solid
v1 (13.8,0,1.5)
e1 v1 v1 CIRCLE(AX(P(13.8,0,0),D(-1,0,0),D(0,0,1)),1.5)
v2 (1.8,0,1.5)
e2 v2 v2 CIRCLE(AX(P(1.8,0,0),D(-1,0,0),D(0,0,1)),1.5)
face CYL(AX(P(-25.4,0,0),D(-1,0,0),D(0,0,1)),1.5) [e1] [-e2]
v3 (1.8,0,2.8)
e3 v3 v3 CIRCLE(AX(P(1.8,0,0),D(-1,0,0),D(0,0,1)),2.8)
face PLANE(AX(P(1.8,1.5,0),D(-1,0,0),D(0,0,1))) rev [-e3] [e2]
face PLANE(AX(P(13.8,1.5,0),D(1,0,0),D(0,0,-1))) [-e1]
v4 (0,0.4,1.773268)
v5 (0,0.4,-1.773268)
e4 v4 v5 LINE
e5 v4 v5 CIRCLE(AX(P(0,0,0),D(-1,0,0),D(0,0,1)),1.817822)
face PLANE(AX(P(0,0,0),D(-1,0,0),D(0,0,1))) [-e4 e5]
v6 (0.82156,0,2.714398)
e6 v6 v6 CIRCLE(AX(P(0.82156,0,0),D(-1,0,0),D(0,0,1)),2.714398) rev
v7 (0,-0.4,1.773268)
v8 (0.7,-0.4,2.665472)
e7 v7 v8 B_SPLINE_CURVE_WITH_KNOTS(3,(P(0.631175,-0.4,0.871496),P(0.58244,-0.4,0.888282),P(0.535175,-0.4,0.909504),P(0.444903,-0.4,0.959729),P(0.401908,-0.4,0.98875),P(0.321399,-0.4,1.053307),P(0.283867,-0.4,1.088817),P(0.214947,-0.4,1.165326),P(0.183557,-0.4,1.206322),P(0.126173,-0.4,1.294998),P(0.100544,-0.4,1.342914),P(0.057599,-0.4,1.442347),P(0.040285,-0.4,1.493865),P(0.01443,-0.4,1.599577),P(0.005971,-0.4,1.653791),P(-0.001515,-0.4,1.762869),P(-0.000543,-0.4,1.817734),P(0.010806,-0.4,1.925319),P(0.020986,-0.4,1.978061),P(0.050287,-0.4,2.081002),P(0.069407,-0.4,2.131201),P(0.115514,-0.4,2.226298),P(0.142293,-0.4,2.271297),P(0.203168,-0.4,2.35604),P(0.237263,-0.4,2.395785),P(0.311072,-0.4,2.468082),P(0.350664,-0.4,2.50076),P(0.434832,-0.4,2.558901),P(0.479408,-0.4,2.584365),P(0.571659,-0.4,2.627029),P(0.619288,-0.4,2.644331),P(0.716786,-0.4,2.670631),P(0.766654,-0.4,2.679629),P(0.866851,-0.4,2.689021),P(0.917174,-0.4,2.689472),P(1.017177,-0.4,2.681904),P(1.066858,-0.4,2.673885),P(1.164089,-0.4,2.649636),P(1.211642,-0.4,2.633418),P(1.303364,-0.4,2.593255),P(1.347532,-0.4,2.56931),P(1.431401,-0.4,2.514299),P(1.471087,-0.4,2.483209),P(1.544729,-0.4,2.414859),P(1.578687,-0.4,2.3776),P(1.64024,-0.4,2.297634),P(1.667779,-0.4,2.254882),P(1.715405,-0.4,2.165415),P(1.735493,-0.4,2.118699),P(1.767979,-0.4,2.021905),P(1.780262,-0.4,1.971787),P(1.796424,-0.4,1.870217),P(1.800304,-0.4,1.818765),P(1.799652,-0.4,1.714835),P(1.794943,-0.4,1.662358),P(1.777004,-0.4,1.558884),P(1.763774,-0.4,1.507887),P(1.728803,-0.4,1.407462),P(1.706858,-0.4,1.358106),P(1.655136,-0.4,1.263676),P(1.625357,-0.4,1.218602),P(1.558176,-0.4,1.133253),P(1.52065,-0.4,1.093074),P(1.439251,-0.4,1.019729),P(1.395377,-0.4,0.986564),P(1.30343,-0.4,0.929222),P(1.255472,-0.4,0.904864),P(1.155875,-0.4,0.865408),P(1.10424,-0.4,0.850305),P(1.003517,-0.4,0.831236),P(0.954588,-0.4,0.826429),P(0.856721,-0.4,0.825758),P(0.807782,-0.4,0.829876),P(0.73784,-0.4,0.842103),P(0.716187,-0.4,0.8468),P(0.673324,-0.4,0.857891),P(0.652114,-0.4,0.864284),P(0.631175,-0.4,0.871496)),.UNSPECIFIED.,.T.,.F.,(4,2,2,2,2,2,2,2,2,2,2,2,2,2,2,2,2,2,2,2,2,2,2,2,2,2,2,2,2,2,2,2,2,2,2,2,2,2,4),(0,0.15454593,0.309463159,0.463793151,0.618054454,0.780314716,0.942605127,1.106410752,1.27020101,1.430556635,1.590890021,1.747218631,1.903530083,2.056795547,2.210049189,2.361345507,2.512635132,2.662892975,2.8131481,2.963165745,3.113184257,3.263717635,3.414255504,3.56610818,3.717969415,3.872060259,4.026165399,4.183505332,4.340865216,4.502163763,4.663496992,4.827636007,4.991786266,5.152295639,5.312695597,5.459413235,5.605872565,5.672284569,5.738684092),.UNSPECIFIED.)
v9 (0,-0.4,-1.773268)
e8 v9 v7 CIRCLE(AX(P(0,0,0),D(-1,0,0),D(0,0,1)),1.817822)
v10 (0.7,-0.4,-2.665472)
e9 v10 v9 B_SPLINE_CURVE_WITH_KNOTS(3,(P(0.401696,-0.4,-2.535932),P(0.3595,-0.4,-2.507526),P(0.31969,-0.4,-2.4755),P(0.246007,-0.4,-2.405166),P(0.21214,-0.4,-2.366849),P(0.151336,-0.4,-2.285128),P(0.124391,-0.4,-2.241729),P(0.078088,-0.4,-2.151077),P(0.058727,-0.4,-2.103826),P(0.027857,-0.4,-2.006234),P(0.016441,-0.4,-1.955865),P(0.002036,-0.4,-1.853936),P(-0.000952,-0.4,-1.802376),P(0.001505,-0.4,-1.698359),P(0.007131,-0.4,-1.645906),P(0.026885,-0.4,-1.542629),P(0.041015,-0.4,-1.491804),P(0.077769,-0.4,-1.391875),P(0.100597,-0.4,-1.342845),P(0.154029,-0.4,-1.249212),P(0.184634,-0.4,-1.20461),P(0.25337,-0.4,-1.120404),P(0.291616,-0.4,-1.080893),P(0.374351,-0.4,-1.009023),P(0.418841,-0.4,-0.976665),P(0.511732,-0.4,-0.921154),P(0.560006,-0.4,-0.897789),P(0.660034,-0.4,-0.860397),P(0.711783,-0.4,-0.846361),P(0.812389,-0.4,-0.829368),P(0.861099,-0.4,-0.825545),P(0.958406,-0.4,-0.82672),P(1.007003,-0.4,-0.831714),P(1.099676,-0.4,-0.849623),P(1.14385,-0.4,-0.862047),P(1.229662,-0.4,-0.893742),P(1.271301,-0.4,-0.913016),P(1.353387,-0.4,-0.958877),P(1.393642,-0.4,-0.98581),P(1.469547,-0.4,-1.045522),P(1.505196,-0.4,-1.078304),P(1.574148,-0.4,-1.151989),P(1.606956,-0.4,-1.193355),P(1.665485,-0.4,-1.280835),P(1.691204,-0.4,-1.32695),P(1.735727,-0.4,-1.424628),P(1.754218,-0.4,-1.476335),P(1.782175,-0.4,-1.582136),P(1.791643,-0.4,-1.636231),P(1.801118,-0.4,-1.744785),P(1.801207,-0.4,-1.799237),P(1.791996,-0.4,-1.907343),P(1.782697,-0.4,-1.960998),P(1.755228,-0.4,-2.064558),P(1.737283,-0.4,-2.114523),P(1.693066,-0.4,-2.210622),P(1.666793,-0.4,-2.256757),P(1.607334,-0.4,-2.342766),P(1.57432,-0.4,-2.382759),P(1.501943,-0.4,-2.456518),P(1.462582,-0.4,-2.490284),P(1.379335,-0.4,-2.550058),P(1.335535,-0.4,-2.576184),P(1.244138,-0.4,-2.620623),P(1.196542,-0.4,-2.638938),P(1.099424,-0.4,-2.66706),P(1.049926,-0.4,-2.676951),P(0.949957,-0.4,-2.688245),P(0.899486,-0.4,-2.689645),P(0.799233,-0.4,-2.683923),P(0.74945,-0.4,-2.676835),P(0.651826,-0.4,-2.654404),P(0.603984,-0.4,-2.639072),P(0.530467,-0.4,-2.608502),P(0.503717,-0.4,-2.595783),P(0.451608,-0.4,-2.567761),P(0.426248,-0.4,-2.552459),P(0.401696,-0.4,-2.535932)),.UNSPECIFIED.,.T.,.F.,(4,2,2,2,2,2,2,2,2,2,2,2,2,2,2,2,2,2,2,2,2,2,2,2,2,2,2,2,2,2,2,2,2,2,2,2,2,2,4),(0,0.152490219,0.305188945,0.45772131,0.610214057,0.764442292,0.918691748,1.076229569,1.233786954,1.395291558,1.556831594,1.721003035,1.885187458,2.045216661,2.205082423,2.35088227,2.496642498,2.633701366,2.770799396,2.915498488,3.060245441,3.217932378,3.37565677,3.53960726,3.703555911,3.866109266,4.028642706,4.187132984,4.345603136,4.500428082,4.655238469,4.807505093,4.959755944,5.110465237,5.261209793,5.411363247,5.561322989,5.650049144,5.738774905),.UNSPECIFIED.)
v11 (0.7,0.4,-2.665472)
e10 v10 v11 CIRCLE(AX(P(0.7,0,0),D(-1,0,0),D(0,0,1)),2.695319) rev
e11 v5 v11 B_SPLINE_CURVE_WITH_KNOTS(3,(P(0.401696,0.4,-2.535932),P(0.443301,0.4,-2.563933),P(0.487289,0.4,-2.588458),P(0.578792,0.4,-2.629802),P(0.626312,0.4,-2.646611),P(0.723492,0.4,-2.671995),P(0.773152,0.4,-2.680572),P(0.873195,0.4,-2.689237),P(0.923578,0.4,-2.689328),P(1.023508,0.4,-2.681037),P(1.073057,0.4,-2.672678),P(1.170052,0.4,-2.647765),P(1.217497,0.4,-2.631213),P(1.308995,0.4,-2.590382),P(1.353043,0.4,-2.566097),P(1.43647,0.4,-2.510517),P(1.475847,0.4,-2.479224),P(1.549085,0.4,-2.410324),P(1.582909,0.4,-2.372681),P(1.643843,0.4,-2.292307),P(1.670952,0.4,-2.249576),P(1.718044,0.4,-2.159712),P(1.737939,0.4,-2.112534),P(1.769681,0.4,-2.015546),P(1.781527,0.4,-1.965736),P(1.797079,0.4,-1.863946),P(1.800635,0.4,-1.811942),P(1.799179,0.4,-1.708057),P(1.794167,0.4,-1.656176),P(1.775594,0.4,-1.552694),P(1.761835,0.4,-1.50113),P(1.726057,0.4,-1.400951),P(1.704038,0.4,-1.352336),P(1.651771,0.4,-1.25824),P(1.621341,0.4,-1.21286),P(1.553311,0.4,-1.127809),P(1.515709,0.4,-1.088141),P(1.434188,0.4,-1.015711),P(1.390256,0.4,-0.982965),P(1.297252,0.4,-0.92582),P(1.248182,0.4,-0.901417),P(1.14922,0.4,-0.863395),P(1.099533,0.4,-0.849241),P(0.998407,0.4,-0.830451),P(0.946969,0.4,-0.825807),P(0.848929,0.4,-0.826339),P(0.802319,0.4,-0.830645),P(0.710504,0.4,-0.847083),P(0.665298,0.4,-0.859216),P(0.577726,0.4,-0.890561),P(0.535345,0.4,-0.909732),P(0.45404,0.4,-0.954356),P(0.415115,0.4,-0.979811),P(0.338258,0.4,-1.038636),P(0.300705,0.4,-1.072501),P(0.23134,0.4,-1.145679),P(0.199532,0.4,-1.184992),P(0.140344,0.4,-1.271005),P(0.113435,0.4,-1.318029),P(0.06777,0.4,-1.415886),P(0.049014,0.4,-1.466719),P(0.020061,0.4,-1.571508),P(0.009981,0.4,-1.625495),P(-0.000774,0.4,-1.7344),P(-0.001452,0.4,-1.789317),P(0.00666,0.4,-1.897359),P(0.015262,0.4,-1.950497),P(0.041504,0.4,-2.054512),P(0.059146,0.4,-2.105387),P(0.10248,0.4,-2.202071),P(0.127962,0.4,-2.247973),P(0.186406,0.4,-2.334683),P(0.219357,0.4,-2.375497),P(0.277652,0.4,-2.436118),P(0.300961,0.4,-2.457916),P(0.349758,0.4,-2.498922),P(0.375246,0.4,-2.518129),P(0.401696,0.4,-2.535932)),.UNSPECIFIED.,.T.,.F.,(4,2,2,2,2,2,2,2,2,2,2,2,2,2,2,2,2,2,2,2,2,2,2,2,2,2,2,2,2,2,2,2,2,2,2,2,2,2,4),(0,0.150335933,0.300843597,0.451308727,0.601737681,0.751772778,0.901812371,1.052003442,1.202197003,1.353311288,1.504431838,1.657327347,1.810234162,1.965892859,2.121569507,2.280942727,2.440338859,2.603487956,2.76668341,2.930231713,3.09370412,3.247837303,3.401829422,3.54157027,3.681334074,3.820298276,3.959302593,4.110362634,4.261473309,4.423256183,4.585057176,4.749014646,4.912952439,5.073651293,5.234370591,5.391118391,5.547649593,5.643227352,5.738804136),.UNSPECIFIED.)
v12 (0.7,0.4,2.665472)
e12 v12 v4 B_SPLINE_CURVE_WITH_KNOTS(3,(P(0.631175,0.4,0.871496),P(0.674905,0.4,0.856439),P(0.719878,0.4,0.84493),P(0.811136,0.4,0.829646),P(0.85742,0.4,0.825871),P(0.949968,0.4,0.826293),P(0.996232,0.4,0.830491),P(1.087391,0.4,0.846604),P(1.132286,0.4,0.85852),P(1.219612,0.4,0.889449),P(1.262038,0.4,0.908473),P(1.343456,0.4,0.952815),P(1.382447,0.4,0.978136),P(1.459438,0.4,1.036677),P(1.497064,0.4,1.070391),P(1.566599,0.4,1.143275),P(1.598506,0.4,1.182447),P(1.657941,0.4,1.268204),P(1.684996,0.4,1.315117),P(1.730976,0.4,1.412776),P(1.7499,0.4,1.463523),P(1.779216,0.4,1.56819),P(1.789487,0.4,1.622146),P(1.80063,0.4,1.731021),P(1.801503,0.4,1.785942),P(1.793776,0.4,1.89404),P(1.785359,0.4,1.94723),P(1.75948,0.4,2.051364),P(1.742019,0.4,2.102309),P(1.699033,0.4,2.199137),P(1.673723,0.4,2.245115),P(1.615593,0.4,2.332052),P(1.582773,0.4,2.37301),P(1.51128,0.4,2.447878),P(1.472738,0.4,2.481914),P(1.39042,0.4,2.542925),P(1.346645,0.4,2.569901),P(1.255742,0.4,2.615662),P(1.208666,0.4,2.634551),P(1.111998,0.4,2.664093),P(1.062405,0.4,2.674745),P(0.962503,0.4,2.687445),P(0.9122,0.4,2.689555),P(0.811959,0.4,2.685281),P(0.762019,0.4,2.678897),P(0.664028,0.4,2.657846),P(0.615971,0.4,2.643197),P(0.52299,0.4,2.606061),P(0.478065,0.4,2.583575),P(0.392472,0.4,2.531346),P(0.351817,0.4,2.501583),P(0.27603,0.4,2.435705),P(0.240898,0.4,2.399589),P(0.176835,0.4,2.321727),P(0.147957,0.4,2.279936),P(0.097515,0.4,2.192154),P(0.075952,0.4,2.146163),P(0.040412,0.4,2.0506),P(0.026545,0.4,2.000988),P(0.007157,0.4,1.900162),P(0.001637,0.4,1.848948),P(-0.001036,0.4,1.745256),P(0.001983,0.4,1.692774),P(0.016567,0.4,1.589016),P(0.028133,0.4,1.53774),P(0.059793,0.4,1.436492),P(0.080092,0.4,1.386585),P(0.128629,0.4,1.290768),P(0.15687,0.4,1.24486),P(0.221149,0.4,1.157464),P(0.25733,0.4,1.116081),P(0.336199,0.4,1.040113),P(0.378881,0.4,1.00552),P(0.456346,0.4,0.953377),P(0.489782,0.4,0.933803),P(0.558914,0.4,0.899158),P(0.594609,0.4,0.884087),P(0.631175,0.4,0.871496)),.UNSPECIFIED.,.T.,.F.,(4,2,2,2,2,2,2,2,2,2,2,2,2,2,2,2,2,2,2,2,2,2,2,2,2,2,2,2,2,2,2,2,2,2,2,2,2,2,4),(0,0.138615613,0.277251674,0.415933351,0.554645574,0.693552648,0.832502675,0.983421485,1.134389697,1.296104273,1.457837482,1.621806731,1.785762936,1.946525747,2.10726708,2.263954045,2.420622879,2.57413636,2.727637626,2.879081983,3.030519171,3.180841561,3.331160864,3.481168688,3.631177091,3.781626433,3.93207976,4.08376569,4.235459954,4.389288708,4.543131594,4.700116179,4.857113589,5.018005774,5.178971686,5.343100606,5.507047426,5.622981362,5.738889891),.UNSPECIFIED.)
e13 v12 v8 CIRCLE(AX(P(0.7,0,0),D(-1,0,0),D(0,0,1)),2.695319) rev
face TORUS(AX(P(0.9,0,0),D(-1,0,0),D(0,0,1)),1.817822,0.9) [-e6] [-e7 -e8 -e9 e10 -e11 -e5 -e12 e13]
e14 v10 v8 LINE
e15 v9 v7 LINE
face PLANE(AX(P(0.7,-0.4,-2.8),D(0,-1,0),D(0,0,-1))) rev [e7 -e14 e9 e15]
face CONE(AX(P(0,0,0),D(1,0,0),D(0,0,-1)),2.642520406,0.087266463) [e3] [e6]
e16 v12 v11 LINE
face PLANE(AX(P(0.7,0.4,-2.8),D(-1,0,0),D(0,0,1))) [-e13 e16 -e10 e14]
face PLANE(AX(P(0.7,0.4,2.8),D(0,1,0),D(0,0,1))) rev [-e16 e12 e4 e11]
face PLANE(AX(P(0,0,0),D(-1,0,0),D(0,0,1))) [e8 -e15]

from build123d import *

# Parameters (mm, degrees)
FILLET2_R  = 0.9
SKETCH2_W  = 5.6
SKETCH2_H  = 0.8
SLOT_DEPTH = 0.7


with BuildPart() as part:
    # BodySke → Base-Revolve (revolve)
    with BuildSketch(Plane.XY, mode=Mode.PRIVATE) as base_revolve_sk:
        Polygon((1.8, 1.5), (1.8, 2.8), (0, 2.642520406), (0, 0), (13.8, 0), (13.8, 1.5), align=None)
    revolve(base_revolve_sk.sketch.rotate(Axis((-25.4, 0, 0), (1, 0, 0)), 90), axis=Axis((-25.4, 0, 0), (1, 0, 0)))

    # Fillet2
    fillet2_edges = [part.edges().sort_by_distance(p)[0] for p in [
        (0, 0, -2.642520406),
    ]]
    fillet(fillet2_edges, radius=FILLET2_R)

    # Sketch2 → Slot (cut)
    with BuildSketch(Plane(origin=(0, 0, 0), x_dir=(0, 0, -1), z_dir=(1, 0, 0))):
        Rectangle(SKETCH2_W, SKETCH2_H)
    extrude(amount=SLOT_DEPTH, mode=Mode.SUBTRACT)


solid = part.part
